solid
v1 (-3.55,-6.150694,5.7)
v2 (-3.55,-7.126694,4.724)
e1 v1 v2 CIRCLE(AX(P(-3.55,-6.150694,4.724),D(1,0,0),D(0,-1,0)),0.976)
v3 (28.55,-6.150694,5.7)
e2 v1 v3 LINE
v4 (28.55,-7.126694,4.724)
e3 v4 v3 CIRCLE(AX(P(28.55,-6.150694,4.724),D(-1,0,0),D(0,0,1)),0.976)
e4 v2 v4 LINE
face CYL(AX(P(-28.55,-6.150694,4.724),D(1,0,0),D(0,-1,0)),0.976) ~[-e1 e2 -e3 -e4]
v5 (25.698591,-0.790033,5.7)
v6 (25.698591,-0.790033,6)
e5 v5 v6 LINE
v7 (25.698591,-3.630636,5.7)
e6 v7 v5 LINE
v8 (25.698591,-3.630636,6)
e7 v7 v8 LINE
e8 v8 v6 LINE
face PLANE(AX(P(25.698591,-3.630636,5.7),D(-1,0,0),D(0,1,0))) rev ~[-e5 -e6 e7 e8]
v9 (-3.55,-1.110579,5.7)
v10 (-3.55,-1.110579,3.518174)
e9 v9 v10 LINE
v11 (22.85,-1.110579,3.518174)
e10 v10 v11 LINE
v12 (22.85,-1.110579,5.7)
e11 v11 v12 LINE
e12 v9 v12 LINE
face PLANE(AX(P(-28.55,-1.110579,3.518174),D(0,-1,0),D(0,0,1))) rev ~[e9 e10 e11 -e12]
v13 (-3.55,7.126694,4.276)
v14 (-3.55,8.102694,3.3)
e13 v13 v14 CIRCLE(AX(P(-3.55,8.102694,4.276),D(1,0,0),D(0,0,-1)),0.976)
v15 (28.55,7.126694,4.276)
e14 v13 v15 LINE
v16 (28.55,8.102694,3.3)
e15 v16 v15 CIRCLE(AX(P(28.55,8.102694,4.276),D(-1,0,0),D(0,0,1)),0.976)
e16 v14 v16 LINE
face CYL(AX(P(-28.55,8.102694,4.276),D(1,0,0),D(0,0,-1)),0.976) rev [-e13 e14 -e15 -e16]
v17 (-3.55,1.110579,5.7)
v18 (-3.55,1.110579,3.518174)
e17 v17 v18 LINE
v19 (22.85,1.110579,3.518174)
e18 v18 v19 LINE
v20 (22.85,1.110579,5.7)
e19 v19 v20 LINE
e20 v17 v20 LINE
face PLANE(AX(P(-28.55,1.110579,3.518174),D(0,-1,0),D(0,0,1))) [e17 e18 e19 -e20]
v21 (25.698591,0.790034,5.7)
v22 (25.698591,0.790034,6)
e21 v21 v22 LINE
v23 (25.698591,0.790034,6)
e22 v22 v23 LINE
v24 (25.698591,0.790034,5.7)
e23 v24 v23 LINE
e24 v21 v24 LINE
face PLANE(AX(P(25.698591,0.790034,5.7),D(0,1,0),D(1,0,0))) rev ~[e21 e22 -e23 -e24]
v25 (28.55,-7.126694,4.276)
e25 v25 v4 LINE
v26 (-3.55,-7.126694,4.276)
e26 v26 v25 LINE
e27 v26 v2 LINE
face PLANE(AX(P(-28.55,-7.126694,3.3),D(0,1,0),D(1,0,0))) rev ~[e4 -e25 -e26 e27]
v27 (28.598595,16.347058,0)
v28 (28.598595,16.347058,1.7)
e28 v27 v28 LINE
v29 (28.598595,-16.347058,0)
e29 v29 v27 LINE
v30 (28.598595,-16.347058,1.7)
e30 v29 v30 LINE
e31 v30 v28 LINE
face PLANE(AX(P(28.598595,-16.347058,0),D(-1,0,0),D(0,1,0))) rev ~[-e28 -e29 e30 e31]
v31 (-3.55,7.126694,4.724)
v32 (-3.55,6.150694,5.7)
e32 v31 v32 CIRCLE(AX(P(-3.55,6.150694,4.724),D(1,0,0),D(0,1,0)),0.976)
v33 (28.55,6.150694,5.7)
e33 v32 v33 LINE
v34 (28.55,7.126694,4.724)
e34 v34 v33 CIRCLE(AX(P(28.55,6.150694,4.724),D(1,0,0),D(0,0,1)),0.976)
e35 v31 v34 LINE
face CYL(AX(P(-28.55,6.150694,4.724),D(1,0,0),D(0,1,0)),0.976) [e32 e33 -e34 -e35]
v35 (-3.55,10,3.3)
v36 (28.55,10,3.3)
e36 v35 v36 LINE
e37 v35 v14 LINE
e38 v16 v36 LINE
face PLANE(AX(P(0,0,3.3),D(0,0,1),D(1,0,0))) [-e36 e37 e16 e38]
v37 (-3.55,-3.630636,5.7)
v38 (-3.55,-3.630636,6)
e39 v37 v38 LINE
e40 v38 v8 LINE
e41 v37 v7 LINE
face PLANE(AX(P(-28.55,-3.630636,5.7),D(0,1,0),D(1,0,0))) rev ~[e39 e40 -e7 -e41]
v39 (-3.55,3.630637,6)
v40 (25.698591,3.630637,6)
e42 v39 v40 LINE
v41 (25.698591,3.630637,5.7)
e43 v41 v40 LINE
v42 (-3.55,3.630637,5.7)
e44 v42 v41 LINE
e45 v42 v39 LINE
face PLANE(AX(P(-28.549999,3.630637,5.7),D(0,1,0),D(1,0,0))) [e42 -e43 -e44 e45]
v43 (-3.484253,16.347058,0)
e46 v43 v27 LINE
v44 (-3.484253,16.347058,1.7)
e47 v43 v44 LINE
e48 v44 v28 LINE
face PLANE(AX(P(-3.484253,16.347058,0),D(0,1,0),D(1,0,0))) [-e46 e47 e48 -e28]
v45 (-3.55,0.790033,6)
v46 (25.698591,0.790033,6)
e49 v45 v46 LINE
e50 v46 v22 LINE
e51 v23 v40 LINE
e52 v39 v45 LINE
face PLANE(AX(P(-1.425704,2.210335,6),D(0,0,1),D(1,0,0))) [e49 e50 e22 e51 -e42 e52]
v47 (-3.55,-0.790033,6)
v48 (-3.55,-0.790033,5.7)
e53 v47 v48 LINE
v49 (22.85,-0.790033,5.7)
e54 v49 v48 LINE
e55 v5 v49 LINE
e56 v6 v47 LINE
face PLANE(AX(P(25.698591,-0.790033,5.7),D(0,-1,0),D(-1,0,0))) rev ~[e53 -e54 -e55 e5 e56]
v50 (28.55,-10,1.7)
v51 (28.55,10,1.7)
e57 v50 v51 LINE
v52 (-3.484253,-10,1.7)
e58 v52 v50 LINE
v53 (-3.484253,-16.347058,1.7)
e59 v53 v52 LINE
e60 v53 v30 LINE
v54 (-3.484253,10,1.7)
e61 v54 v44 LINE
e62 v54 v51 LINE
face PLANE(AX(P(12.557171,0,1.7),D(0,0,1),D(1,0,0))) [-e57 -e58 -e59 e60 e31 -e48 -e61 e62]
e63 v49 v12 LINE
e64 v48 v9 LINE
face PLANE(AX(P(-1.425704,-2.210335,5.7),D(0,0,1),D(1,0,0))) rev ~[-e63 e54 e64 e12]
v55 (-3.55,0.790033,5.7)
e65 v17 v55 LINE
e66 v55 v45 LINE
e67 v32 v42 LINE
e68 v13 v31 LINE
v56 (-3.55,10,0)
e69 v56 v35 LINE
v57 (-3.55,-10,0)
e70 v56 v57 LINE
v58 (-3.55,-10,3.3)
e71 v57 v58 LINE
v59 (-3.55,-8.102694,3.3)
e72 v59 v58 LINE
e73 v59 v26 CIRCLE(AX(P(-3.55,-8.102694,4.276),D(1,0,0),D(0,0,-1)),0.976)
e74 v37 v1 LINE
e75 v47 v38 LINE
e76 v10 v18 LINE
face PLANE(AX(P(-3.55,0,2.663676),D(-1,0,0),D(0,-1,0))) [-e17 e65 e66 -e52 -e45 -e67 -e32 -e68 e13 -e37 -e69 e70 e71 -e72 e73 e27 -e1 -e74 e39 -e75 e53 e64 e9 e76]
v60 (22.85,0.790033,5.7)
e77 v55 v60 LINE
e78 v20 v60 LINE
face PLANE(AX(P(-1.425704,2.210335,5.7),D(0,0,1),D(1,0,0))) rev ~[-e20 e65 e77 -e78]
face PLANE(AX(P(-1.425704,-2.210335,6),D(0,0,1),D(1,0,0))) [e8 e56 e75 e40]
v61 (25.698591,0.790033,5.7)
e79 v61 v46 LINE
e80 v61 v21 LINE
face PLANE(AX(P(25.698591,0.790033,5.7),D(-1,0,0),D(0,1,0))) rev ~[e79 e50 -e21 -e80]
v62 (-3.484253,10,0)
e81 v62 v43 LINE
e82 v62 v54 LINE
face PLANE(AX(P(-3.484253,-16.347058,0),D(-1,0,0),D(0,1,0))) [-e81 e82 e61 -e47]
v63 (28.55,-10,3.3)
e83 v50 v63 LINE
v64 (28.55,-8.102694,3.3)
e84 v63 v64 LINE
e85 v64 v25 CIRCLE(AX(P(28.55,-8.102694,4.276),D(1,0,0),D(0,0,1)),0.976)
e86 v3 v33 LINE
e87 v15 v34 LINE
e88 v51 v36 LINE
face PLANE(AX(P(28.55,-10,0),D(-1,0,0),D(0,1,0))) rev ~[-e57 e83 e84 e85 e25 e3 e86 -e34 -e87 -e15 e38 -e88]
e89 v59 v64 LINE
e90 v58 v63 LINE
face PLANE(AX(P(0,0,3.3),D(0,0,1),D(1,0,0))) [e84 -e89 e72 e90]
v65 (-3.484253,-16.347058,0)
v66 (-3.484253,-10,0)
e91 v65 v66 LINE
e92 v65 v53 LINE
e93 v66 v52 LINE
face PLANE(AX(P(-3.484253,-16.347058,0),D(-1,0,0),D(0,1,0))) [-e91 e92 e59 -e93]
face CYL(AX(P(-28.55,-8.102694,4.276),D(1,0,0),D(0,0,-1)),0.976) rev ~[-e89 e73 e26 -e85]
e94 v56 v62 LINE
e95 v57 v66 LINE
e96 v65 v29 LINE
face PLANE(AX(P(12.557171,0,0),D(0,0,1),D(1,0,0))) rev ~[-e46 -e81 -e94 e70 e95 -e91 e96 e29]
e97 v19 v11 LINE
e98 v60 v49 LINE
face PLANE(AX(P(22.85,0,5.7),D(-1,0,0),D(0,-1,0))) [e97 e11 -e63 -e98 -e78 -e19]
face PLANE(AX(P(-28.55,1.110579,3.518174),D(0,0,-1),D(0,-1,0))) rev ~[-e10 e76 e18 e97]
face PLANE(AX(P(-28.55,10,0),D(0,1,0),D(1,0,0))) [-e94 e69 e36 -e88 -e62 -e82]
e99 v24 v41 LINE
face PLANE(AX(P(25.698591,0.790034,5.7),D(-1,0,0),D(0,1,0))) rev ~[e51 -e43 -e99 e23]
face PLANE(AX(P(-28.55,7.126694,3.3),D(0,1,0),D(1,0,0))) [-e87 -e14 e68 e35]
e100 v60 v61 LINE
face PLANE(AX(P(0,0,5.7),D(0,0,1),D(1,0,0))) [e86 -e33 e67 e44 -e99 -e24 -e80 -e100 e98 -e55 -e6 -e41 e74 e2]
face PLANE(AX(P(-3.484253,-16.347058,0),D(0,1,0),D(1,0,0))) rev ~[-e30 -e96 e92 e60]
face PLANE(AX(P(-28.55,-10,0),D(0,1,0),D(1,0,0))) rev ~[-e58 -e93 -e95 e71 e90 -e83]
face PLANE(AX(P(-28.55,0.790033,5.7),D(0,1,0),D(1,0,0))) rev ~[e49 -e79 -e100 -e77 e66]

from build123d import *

# Parameters (mm, degrees)
F0_W      = 57.1
F0_H      = 20
F1_DEPTH  = 3.3
F2_W      = 57.1
F2_H      = 14.253388
F3_DEPTH  = 2.4
F4_R      = 0.976
F5_W      = 2.221158
F5_H      = 4.363652
F6_DEPTH  = 51.4
F7_W      = 54.248591
F7_H      = 2.840603
F8_DEPTH  = 0.3
F9_W      = 1.6
F9_H      = 2
F10_DEPTH = 1.25
F12_DEPTH = 1.25
F13_W     = 20.793454
F13_H     = 7.292897
F14_DEPTH = 25
F15_W     = 32.082847
F15_H     = 32.694116
F16_DEPTH = 1.7


with BuildPart() as f1:
    # F0 (on Top) → F1 (new body)
    with BuildSketch(Plane.XY):
        Rectangle(F0_W, F0_H)
    extrude(amount=F1_DEPTH)

    # F2 (on face) → F3 (join)
    with BuildSketch(Plane.XY.offset(3.3)):
        Rectangle(F2_W, F2_H)
    extrude(amount=F3_DEPTH)

    # F4
    f4_edges = [f1.edges().sort_by_distance(p)[0] for p in [
        (0, -7.126694, 3.3),
        (0, 7.126694, 3.3),
        (0, 7.126694, 5.7),
        (0, -7.126694, 5.7),
    ]]
    fillet(f4_edges, radius=F4_R)

    # F5 (on face) → F6 (cut)
    with BuildSketch(Plane(origin=(-28.55, 0, 0), x_dir=(0, -1, 0), z_dir=(-1, 0, 0))):
        with Locations((0, 5.7)):
            Rectangle(F5_W, F5_H)
    extrude(amount=-F6_DEPTH, mode=Mode.SUBTRACT)

    # F7 (on face) → F8 (join)
    with BuildSketch(Plane.XY.offset(5.7)):
        with Locations((-1.425704, 2.210335)):
            Rectangle(F7_W, F7_H)
        Polygon((25.698591, 3.630636), (-28.55, 3.630636), (-28.55, 1.110579), (-28.55, 0.790033), (25.698591, 0.790033), align=None)
        Polygon((25.698591, -0.790033), (-28.55, -0.790033), (-28.55, -1.110579), (-28.55, -3.630636), (25.698591, -3.630636), align=None)
    extrude(amount=F8_DEPTH)

    # F9 (on face) → F10 (cut)
    with BuildSketch(Plane.XY.offset(6)):
        with Locations((-17.431669, -1.790033)):
            Rectangle(F9_W, F9_H)
    extrude(amount=-F10_DEPTH, mode=Mode.SUBTRACT)

    # F11 (on face) → F12 (cut)
    with BuildSketch(Plane.XY.offset(6)):
        with BuildLine():
            Line((-16.631669, -2.790033), (-18.231669, -2.790033))
            ThreePointArc((-18.231669, -2.790033), (-17.431669, -3.396082), (-16.631669, -2.790033))
        make_face()
    extrude(amount=-F12_DEPTH, mode=Mode.SUBTRACT)

    # F13 (on face) → F14 (cut)
    with BuildSketch(Plane(origin=(-28.55, 0, 0), x_dir=(0, -1, 0), z_dir=(-1, 0, 0))):
        with Locations((0, 2.663676)):
            Rectangle(F13_W, F13_H)
    extrude(amount=-F14_DEPTH, mode=Mode.SUBTRACT)

    # F15 (on Top) → F16 (join)
    with BuildSketch(Plane.XY):
        with Locations((12.557171, 0)):
            Rectangle(F15_W, F15_H)
    extrude(amount=F16_DEPTH)


solid = f1.part
